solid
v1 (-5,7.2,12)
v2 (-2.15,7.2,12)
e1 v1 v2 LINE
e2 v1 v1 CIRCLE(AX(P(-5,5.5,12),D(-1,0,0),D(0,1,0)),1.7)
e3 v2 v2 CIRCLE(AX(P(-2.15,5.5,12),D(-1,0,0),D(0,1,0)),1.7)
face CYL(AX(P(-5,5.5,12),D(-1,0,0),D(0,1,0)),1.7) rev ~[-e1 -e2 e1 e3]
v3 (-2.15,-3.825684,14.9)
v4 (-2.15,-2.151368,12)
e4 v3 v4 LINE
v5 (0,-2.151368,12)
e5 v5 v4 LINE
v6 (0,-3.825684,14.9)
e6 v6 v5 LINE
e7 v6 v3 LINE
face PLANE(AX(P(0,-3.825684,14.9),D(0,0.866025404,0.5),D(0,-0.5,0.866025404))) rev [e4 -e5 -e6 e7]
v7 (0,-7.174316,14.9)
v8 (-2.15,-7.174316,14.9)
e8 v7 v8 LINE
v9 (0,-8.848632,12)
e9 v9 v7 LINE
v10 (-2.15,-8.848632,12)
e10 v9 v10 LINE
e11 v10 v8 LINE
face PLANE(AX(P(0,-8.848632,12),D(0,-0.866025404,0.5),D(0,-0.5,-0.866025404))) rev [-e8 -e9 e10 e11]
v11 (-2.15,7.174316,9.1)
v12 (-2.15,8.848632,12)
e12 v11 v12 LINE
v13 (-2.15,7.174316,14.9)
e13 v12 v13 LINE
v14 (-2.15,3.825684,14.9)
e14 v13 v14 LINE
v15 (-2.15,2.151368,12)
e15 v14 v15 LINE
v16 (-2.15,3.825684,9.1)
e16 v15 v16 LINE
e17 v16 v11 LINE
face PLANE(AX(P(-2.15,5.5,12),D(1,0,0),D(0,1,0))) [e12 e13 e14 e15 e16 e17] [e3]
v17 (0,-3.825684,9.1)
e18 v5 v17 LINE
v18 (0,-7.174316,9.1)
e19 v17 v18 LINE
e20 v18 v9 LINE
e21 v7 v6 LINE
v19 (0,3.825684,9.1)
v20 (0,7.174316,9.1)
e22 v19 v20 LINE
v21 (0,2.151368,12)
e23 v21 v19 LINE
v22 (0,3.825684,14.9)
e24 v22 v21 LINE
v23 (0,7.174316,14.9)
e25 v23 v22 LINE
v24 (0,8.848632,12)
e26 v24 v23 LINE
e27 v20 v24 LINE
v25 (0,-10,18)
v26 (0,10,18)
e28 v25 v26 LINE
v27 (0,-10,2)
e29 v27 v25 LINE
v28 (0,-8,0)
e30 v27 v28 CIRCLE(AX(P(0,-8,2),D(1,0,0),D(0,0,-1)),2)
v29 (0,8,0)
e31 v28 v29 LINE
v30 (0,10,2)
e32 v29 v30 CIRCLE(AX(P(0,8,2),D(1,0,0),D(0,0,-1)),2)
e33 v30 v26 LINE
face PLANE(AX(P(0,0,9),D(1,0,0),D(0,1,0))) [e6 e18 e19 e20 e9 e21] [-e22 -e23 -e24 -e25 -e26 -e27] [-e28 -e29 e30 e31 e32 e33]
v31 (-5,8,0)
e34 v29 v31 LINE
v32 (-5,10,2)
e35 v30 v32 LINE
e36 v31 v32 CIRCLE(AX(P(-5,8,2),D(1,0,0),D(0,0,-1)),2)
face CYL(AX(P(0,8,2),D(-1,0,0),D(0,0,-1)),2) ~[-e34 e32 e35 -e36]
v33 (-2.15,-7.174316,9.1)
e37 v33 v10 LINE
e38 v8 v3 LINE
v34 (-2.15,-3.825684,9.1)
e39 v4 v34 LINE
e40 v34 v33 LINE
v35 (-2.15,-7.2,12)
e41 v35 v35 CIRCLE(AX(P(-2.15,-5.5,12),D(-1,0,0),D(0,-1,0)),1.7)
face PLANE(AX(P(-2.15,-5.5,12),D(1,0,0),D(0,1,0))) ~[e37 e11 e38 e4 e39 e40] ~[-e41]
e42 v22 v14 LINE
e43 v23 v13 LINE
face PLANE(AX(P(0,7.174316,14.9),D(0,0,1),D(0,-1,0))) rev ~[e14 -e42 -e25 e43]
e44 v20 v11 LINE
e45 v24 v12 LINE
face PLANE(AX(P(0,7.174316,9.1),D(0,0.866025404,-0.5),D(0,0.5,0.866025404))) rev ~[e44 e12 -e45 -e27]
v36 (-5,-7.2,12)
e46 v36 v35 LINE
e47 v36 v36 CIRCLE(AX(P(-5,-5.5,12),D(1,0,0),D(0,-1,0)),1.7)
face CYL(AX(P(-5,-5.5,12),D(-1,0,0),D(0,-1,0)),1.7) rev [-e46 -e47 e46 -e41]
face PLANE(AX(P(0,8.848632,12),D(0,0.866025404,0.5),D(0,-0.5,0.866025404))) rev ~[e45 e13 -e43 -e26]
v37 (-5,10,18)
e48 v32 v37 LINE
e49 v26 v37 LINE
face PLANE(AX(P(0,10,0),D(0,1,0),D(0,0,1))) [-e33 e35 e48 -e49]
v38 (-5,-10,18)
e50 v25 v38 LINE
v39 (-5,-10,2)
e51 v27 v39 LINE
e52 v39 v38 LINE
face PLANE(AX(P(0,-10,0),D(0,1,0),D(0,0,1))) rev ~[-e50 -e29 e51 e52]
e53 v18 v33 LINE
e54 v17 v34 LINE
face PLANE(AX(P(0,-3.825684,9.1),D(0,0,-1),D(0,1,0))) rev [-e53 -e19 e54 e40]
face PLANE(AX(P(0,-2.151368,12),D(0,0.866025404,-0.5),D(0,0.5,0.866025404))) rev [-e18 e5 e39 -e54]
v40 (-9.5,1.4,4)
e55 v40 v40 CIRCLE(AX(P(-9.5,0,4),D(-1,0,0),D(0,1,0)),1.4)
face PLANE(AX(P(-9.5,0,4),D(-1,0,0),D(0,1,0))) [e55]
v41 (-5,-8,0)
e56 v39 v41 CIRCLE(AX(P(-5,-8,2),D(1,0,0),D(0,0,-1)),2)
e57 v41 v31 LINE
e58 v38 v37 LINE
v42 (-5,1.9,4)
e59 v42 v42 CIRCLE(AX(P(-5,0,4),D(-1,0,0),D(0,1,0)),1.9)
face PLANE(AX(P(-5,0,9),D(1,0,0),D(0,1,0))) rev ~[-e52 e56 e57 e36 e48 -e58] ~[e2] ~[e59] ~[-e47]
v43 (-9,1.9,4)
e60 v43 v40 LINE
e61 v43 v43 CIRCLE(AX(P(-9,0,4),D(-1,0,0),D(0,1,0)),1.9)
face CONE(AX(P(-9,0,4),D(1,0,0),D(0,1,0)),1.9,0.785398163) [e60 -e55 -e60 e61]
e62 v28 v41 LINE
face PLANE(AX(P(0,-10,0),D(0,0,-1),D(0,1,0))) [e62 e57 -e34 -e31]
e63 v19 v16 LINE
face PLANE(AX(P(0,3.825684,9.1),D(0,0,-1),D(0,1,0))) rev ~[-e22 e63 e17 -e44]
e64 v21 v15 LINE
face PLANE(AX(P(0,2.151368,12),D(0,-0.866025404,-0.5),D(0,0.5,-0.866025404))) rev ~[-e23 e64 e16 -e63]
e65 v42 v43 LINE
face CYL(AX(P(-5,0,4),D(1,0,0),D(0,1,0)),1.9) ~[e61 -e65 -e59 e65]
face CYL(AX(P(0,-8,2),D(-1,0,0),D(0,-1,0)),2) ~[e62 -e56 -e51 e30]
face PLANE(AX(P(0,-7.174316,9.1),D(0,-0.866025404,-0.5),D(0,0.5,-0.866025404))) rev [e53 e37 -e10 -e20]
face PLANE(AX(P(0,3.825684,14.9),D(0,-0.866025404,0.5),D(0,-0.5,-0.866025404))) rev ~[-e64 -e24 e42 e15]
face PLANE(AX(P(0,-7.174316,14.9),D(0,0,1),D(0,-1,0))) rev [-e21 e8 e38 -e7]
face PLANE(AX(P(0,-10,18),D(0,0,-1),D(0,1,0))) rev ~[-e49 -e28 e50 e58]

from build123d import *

# Parameters (mm, degrees)
SKETCH_W     = 20
SKETCH_H     = 18
PAD_DEPTH    = 5
SKETCH001_R  = 1.9
PAD001_DEPTH = 4.5
SKETCH002_R  = 1.7
HOLE_DEPTH   = 62.0711322935
POCKET_DEPTH = 2.15
CHAMFER_SIZE = 0.5
FILLET001_R  = 2


with BuildPart() as part:
    # Sketch → Pad (new body)
    with BuildSketch(Plane.YZ):
        with Locations((0, 9)):
            Rectangle(SKETCH_W, SKETCH_H)
    extrude(amount=-PAD_DEPTH)

    # Sketch001 (on Face6 of Pad) → Pad001 (join)
    with BuildSketch(Plane(origin=(-5, 0, 0), x_dir=(0, 1, 0), z_dir=(-1, 0, 0))):
        with Locations((0, -4)):
            Circle(SKETCH001_R)
    extrude(amount=PAD001_DEPTH)

    # Sketch002 (on Face5 of Pad001) → Hole (cut, through all)
    with BuildSketch(Plane(origin=(-5, 0, 0), x_dir=(0, 1, 0), z_dir=(-1, 0, 0))):
        with Locations((5.5, -12)):
            Circle(SKETCH002_R)
    hole = extrude(amount=-HOLE_DEPTH, mode=Mode.SUBTRACT)

    # Sketch003 (on Face4 of Hole) → Pocket (cut)
    with BuildSketch(Plane.YZ):
        Polygon((2.1513684387, 12), (3.8256842194, 9.1), (7.1743157806, 9.1), (8.8486315613, 12), (7.1743157806, 14.9), (3.8256842194, 14.9), align=None)
    pocket = extrude(amount=-POCKET_DEPTH, mode=Mode.SUBTRACT)

    # Mirrored: Hole, Pocket across XZ
    add(hole.mirror(Plane.XZ), mode=Mode.SUBTRACT)
    add(pocket.mirror(Plane.XZ), mode=Mode.SUBTRACT)

    # Chamfer
    chamfer_edges = [part.edges().sort_by_distance(p)[0] for p in [
        (-9.5, -1.9, 4),
    ]]
    chamfer(chamfer_edges, length=CHAMFER_SIZE)

    # Fillet001
    fillet001_edges = [part.edges().sort_by_distance(p)[0] for p in [
        (-2.5, 10, 0),
        (-2.5, -10, 0),
    ]]
    fillet(fillet001_edges, radius=FILLET001_R)


solid = part.part
